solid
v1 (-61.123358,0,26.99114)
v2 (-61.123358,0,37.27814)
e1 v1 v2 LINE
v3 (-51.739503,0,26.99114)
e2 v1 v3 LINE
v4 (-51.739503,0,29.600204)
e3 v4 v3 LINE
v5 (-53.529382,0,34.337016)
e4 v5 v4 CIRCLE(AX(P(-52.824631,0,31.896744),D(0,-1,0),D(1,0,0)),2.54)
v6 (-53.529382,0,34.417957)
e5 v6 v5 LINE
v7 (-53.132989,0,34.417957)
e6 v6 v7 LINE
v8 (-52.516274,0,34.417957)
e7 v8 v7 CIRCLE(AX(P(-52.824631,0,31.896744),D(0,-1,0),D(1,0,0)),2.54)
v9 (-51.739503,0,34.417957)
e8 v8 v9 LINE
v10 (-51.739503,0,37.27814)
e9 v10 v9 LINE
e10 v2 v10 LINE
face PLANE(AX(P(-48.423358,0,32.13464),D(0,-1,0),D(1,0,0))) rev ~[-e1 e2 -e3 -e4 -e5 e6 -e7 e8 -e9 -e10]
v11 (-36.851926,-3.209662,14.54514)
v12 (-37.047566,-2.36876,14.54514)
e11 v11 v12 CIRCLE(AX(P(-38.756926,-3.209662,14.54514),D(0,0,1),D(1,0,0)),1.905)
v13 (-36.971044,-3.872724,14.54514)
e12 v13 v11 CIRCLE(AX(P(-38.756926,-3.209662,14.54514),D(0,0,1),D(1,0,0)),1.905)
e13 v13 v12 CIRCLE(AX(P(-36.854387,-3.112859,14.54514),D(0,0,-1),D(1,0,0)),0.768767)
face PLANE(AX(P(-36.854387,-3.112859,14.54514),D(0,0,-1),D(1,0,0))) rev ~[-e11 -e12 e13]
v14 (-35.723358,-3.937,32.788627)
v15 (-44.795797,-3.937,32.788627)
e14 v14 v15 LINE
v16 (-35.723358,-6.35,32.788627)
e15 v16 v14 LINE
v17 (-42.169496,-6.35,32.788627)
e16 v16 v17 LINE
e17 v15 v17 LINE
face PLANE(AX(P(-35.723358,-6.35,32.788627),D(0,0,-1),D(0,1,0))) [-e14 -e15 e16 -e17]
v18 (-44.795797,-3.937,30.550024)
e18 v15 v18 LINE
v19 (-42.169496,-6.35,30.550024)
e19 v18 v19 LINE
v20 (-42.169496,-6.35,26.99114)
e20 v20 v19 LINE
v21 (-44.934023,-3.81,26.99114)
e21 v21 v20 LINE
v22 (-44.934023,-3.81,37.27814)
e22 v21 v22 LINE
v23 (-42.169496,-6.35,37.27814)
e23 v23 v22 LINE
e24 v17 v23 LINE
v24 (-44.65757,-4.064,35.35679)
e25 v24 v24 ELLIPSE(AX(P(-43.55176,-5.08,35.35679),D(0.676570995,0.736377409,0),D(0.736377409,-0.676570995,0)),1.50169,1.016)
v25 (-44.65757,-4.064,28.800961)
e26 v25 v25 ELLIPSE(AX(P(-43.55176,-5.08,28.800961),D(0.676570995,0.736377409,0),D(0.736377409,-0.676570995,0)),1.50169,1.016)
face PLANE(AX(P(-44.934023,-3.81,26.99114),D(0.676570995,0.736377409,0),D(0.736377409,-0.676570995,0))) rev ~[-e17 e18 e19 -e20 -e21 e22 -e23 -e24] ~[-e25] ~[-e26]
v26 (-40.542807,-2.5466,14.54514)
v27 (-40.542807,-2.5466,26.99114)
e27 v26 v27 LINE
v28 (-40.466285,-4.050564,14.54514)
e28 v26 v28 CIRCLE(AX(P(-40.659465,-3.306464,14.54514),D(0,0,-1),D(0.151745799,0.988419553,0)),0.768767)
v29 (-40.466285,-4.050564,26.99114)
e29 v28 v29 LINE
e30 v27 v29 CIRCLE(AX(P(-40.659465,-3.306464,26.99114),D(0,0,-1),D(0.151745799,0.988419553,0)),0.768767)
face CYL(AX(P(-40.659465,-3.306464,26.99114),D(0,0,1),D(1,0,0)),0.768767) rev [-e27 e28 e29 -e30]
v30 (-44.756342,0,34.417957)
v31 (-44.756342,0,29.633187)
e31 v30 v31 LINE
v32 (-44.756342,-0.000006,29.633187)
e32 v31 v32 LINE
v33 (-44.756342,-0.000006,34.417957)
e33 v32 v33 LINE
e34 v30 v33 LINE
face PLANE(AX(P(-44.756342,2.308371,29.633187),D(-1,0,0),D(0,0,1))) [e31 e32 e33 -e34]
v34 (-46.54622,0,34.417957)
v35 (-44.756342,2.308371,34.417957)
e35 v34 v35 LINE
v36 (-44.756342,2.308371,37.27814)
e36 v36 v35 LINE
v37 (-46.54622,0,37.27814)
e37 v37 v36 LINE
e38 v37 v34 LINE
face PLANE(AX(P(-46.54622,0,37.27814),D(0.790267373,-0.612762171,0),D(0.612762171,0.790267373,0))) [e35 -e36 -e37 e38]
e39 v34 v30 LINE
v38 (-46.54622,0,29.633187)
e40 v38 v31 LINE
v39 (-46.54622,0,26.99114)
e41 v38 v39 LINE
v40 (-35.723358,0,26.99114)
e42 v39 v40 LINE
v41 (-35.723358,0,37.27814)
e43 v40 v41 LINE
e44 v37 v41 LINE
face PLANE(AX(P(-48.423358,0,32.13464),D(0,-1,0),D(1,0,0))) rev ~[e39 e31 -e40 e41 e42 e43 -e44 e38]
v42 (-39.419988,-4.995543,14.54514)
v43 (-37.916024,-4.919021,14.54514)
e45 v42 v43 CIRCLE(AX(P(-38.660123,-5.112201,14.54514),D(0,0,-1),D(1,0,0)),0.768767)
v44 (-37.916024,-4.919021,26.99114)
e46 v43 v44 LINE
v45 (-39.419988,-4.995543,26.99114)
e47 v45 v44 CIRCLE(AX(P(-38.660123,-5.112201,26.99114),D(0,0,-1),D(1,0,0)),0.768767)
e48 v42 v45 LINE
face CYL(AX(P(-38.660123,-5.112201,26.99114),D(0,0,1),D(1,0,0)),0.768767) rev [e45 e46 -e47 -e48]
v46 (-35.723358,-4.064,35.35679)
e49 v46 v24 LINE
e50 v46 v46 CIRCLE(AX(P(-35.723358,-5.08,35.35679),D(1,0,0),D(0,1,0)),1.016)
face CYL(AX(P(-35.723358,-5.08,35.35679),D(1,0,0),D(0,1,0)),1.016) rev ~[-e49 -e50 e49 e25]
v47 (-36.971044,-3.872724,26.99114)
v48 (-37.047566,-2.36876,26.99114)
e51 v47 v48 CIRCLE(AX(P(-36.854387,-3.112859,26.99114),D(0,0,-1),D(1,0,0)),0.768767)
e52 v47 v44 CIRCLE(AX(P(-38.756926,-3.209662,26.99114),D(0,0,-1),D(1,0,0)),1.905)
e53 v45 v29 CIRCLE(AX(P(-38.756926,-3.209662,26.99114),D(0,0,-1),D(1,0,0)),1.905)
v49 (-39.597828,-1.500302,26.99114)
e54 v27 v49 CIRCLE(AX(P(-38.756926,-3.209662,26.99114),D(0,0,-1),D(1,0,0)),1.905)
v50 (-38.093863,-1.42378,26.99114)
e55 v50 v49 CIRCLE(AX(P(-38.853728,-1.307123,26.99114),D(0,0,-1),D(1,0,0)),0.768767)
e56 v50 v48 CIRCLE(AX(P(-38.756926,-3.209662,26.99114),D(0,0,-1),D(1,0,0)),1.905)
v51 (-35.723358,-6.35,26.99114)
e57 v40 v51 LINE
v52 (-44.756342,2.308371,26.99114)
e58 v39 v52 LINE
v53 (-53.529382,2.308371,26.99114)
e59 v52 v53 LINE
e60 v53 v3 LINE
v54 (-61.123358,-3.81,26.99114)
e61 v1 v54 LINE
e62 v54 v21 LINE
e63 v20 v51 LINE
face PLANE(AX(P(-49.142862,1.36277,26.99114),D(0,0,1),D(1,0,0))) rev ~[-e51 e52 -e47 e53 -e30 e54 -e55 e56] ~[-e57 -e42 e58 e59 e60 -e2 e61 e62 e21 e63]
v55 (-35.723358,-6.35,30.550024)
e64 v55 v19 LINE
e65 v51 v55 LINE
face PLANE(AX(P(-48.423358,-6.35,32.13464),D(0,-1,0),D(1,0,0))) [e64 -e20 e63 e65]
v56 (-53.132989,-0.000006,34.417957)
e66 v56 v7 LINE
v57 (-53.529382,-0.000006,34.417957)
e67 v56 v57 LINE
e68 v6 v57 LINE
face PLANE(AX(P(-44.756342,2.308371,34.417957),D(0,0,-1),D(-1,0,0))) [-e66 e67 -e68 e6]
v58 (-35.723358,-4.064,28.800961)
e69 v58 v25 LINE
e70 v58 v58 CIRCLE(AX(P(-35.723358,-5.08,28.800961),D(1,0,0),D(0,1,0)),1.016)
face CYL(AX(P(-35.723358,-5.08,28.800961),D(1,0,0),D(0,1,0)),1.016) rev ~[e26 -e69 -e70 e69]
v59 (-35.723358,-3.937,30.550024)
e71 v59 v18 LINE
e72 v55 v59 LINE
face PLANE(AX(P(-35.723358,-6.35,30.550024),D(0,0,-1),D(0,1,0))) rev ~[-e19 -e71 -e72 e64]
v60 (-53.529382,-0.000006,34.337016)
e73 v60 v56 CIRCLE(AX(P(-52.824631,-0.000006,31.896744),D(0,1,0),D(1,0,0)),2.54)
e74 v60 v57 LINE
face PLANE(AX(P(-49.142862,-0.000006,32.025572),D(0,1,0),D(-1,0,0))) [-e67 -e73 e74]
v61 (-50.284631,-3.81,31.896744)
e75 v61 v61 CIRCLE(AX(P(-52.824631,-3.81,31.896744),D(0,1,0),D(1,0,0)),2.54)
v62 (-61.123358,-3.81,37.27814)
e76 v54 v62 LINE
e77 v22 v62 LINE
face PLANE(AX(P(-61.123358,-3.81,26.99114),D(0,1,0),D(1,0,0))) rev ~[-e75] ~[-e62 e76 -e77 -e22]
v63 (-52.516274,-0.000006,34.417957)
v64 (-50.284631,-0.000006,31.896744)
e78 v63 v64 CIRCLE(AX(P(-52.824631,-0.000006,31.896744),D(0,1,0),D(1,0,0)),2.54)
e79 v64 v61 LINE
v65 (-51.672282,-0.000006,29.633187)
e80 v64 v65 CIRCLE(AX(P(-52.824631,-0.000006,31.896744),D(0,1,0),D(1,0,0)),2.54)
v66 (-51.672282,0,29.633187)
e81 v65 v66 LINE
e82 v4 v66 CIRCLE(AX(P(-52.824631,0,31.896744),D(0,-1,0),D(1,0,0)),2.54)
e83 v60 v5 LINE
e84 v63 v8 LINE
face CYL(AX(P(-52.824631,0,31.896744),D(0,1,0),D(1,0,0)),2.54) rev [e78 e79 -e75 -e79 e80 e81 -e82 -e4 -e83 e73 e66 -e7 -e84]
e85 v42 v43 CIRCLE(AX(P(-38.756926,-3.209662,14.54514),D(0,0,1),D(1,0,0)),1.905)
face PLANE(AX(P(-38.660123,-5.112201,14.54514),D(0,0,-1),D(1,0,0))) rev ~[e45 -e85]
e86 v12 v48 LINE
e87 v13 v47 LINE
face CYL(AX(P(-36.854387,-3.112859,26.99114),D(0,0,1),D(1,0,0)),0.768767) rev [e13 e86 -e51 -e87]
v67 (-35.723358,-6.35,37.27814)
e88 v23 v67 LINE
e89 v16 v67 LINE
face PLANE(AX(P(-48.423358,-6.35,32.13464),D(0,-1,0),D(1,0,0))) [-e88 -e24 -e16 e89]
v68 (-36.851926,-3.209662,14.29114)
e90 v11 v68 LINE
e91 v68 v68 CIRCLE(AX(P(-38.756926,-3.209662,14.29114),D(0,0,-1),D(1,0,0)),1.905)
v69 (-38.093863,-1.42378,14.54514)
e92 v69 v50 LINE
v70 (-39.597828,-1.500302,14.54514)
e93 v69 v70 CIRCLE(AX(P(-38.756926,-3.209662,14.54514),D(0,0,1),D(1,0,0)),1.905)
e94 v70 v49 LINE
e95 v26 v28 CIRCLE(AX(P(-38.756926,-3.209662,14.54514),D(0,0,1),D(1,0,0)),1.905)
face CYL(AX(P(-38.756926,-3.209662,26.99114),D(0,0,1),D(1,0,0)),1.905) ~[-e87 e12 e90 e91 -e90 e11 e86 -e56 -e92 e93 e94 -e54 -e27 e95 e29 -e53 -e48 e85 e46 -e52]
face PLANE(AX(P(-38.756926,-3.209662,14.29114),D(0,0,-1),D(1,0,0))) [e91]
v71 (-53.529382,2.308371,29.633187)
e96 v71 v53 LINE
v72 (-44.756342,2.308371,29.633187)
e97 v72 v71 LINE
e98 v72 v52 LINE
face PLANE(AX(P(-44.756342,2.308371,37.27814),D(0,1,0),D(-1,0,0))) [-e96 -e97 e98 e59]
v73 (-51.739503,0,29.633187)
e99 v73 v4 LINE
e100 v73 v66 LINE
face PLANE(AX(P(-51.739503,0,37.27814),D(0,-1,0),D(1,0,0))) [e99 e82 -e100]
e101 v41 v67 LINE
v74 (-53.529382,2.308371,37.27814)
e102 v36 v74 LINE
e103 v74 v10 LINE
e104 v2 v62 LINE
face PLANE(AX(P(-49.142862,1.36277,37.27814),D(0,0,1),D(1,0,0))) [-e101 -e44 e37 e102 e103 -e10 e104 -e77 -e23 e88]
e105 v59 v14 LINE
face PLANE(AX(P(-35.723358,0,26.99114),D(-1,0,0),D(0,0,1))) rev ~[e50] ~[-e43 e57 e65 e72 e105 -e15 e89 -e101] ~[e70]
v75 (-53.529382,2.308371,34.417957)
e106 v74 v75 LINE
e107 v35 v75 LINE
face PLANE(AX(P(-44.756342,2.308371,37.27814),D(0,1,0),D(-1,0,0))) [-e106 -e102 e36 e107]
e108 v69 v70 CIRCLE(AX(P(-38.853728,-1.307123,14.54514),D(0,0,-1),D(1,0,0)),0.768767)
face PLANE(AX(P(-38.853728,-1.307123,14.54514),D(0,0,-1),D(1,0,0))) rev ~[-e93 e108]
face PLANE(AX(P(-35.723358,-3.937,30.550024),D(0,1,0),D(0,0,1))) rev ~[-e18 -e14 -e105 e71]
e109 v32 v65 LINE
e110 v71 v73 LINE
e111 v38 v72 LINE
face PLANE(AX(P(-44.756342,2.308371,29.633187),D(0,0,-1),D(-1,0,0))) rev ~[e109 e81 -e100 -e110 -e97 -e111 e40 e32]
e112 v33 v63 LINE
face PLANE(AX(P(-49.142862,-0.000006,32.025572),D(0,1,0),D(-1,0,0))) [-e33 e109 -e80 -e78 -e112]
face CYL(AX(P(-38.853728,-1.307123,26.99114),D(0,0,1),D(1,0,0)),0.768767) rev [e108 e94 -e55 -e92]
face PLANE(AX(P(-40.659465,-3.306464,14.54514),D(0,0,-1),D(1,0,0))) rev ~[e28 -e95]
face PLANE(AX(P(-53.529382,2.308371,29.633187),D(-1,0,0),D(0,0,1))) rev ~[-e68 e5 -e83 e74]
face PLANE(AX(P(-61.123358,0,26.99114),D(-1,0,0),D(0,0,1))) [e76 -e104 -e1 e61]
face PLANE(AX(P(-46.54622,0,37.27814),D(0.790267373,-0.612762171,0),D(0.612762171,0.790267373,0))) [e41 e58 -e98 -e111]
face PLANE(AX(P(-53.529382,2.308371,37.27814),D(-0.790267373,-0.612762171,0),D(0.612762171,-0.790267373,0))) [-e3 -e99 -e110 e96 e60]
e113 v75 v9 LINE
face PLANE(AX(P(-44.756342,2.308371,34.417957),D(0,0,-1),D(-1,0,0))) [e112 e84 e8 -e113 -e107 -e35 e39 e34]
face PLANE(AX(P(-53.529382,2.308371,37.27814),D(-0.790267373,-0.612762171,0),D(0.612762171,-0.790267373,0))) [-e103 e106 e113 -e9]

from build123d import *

# Parameters (mm, degrees)
F0_W      = 25.4
F0_H      = 10.287
F0_R      = 2.54
F1_DEPTH  = 6.35
F2_R      = 1.016
F2_W      = 2.413
F2_H      = 2.2386033088
F3_DEPTH  = 25.4
F5_DEPTH  = 25.4
F6_R      = 1.905
F7_DEPTH  = 12.7
F8_R      = 0.7687670518
F9_DEPTH  = 12.446
F11_DEPTH = 10.287
F12_W     = 8.7730400264
F12_H     = 4.7847703099
F13_DEPTH = 2.3083774


with BuildPart() as f1:
    # F0 (on Front) → F1 (new body)
    with BuildSketch(Plane.XZ):
        with Locations((-48.4233582392, 32.1346397566)):
            Rectangle(F0_W, F0_H)
        with Locations((-52.8246313334, 31.8967439234)):
            Circle(F0_R, mode=Mode.SUBTRACT)
    extrude(amount=F1_DEPTH)

    # F2 (on face) → F3 (cut)
    with BuildSketch(Plane.YZ.offset(-35.7233582392)):
        with Locations((-5.08, 28.8009606302)):
            Circle(F2_R)
        with Locations((-5.08, 35.3567898273)):
            Circle(F2_R)
        with Locations((-5.1435, 31.6693251953)):
            Rectangle(F2_W, F2_H)
    extrude(amount=-F3_DEPTH, mode=Mode.SUBTRACT)

    # F4 (on face) → F5 (cut)
    with BuildSketch(Plane(origin=(0, 0, 26.9911397566), x_dir=(1, 0, 0), z_dir=(0, 0, -1))):
        Polygon((-44.9340231717, 3.81), (-42.169496417, 6.35), (-61.1233582392, 6.35), (-61.1233582392, 3.81), align=None)
    extrude(amount=-F5_DEPTH, mode=Mode.SUBTRACT)

    # F6 (on face) → F7 (join)
    with BuildSketch(Plane(origin=(0, 0, 26.9911397566), x_dir=(1, 0, 0), z_dir=(0, 0, -1))):
        with Locations((-38.7569256127, 3.2096616924)):
            Circle(F6_R)
    extrude(amount=F7_DEPTH)

    # F8 (on face) → F9 (cut)
    with BuildSketch(Plane(origin=(0, 0, 26.9911397566), x_dir=(1, 0, 0), z_dir=(0, 0, -1))):
        with Locations((-38.6601233606, 5.1122006076)):
            Circle(F8_R)
        with Locations((-40.6594645279, 3.3064639445)):
            Circle(F8_R)
        with Locations((-38.8537278648, 1.3071227771)):
            Circle(F8_R)
        with Locations((-36.8543866975, 3.1128594402)):
            Circle(F8_R)
    extrude(amount=F9_DEPTH, mode=Mode.SUBTRACT)

    # F10 (on face) → F11 (join)
    with BuildSketch(Plane.XY.offset(37.2781397566)):
        Polygon((-51.73950345, 0), (-46.5462200276, 0), (-44.7563417256, 2.3083709979), (-53.529381752, 2.3083709979), align=None)
    extrude(amount=-F11_DEPTH)

    # F12 (on face) → F13 (cut)
    with BuildSketch(Plane(origin=(0, 2.3083709979, 0), x_dir=(-1, 0, 0), z_dir=(0, 1, 0))):
        with Locations((49.1428617388, 32.0255719125)):
            Rectangle(F12_W, F12_H)
    extrude(amount=-F13_DEPTH, mode=Mode.SUBTRACT)


solid = f1.part
